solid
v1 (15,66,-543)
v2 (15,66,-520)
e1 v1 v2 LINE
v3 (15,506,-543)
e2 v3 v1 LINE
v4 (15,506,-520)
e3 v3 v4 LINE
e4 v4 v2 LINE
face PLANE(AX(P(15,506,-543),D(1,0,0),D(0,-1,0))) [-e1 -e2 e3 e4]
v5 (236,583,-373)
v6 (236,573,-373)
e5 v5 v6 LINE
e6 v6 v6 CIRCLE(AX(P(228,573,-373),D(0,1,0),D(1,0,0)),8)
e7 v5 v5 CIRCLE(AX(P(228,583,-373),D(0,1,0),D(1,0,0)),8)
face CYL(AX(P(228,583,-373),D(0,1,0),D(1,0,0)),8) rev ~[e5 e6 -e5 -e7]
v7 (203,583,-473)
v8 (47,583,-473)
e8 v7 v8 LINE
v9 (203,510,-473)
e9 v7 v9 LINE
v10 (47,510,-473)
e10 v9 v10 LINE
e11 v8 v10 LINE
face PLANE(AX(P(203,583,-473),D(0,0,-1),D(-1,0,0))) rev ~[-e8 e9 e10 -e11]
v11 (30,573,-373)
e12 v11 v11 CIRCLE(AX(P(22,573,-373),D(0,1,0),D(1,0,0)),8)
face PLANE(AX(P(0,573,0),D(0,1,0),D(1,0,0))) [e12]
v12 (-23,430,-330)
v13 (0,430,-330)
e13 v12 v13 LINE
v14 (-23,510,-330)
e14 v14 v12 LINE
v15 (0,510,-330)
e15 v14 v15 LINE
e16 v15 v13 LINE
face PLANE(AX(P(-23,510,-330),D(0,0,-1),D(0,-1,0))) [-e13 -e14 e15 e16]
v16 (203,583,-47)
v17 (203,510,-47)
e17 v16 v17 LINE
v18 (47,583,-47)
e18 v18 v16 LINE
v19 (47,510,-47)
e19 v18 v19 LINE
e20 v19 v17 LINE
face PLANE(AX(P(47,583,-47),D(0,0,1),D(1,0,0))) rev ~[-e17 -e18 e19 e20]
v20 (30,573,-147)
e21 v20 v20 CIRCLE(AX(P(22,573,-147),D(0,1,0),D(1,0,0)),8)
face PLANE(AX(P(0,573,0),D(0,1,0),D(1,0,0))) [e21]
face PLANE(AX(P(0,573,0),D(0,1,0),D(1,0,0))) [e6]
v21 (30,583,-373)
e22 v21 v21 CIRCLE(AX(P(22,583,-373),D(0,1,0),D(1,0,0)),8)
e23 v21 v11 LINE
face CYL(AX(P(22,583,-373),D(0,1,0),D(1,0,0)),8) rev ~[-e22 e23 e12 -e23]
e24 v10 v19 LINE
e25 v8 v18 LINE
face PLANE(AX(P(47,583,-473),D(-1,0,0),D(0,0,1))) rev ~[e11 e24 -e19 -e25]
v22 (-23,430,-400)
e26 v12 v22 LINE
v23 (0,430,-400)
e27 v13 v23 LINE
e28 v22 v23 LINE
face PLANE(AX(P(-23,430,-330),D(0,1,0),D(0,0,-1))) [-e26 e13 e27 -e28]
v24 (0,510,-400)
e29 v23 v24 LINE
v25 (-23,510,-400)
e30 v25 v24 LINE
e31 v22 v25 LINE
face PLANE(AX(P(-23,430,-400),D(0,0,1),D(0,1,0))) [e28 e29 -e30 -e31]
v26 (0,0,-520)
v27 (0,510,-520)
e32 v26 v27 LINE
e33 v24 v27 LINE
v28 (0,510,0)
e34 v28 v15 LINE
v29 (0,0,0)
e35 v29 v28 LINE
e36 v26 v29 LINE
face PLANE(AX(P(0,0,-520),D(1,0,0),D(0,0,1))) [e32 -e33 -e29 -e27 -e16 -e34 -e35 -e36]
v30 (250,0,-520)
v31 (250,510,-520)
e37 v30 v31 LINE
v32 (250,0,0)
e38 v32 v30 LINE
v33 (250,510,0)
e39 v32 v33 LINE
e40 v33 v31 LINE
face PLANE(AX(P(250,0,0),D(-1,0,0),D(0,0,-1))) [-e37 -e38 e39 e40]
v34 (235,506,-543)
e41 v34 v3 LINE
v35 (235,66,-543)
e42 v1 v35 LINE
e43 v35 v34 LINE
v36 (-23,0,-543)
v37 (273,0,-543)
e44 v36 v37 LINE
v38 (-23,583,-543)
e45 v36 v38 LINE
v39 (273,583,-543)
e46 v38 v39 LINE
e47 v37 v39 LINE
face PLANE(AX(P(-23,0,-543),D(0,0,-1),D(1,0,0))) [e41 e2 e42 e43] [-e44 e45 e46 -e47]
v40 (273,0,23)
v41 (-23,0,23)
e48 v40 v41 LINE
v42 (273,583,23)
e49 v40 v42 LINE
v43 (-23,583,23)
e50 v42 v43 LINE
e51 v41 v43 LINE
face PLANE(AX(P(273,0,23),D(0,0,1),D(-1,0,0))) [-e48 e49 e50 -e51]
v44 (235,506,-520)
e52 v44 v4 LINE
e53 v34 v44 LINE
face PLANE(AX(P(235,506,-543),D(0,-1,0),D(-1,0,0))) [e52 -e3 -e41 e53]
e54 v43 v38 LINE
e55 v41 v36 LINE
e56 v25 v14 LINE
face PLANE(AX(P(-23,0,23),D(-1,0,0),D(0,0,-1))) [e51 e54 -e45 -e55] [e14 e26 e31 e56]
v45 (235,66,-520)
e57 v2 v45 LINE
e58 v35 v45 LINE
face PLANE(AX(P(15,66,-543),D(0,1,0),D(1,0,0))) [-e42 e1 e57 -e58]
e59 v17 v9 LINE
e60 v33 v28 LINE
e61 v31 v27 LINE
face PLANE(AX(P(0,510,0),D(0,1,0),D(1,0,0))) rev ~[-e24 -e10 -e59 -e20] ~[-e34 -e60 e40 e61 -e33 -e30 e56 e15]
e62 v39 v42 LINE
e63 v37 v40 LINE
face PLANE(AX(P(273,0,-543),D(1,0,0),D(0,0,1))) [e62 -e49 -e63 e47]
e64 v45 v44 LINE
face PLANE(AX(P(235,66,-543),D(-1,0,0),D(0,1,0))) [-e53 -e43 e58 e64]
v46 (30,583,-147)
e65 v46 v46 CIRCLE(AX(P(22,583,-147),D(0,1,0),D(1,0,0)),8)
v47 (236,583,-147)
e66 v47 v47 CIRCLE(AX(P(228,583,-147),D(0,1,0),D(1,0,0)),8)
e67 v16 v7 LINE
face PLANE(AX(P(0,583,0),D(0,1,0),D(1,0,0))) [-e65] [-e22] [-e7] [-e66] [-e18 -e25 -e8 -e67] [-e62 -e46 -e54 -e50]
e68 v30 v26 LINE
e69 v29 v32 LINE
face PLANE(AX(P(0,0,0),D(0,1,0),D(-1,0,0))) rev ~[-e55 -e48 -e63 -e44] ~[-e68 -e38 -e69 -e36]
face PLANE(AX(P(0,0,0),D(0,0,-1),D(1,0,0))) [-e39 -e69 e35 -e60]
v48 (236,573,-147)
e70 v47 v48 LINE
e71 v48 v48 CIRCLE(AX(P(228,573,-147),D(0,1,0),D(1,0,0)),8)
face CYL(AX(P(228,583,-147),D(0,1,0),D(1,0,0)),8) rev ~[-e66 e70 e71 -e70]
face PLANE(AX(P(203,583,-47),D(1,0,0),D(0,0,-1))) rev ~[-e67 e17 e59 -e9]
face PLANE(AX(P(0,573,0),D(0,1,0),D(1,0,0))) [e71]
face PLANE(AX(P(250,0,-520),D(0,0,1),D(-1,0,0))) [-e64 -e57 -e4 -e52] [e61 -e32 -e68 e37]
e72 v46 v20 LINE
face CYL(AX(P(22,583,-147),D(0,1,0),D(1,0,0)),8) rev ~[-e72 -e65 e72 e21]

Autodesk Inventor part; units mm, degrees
ref_plane "YZ Plane" through (0, 0, 0) normal (1, 0, 0) x (0, 1, 0)
ref_plane "XZ Plane" through (0, 0, 0) normal (0, 1, 0) x (-1, 0, 0)
ref_plane "XY Plane" through (0, 0, 0) normal (0, 0, 1) x (1, 0, 0)
sketch "Sketch1" plane through (0, 0, 0) normal (0, 1, 0) x (-1, 0, 0)
  line L0 (0, 0) -> (-250, 0)
  line L1 (-250, 0) -> (-250, -520)
  line L2 (-250, -520) -> (0, -520)
  line L3 (0, -520) -> (0, 0)
  line L4 (23, -543) -> (-273, -543)
  line L5 (-273, -543) -> (-273, 23)
  line L6 (-273, 23) -> (23, 23)
  line L7 (23, 23) -> (23, -543)
  dimension "d0" = 250
  dimension "d1" = 520
  dimension "d2" = 23
extrude "Extrusion1" add sketch "Sketch1" along normal blind 583
sketch "Sketch2" plane through (273, 0, -543) normal (0, 0, -1) x (-1, 0, 0)
  line L0 (38, 506) -> (258, 506)
  line L1 (258, 506) -> (258, 66)
  line L2 (258, 66) -> (38, 66)
  line L3 (38, 66) -> (38, 506)
  line L4 (0, 583) -> (296, 583) projected
  line L5 (296, 0) -> (296, 583) projected
  point P0 (273, 0)
  dimension "d5" = 220
  dimension "d6" = 440
  dimension "d7" = 77
  dimension "d8" = 38
extrude "Extrusion2" cut sketch "Sketch2" against normal up to surface (23 mm away)
sketch "Sketch3" plane through (-23, 0, -543) normal (-1, 0, 0) x (0, 0, 1)
  line L0 (143, 510) -> (213, 510)
  line L1 (213, 510) -> (213, 430)
  line L2 (213, 430) -> (143, 430)
  line L3 (143, 430) -> (143, 510)
  line L4 (566, 0) -> (0, 0) projected
  line L5 (0, 0) -> (0, 583) projected
  point P0 (543, 0)
  dimension "d11" = 70
  dimension "d12" = 80
  dimension "d13" = 430
  dimension "d14" = 143
extrude "Extrusion3" cut sketch "Sketch3" against normal up to surface (23 mm away)
sketch "Sketch5" plane through (0, 583, 0) normal (0, 1, 0) x (1, 0, 0)
  line L0 (250, 0) -> (250, 520) projected
  line L1 (250, 520) -> (0, 520) projected
  line L2 (250, 0) -> (0, 0)
  line L3 (0, 0) -> (0, 520)
  line L4 (0, 520) -> (250, 520)
  line L5 (250, 520) -> (250, 0)
  line L6 (47, 47) -> (203, 47)
  line L7 (203, 47) -> (203, 473)
  line L8 (203, 473) -> (47, 473)
  line L9 (47, 473) -> (47, 47)
  dimension "d17" = 47
extrude "Extrusion4" add sketch "Sketch5" against normal up to surface (73 mm away)
sketch "Sketch6" plane through (0, 583, 0) normal (0, 1, 0) x (1, 0, 0)
  circle A0 centre (228, 373) radius 8
  line L0 (273, 543) -> (-23, 543) projected
  line L1 (273, -23) -> (273, 543) projected
  circle A1 centre (228, 147) radius 8
  line L2 (-23, -23) -> (273, -23) projected
  line L3 (125, -23) -> (125, 543) construction
  circle A2 centre (22, 373) radius 8
  circle A3 centre (22, 147) radius 8
  point P0 (0, 0)
  dimension "d20" = 16
  dimension "d21" = 170
  dimension "d22" = 45
  dimension "d23" = 16
  dimension "d24" = 170
  dimension "d25" = 45
extrude "Extrusion5" cut sketch "Sketch6" against normal blind 10
properties part number "Riight Leg" material "Iron, Cast"
